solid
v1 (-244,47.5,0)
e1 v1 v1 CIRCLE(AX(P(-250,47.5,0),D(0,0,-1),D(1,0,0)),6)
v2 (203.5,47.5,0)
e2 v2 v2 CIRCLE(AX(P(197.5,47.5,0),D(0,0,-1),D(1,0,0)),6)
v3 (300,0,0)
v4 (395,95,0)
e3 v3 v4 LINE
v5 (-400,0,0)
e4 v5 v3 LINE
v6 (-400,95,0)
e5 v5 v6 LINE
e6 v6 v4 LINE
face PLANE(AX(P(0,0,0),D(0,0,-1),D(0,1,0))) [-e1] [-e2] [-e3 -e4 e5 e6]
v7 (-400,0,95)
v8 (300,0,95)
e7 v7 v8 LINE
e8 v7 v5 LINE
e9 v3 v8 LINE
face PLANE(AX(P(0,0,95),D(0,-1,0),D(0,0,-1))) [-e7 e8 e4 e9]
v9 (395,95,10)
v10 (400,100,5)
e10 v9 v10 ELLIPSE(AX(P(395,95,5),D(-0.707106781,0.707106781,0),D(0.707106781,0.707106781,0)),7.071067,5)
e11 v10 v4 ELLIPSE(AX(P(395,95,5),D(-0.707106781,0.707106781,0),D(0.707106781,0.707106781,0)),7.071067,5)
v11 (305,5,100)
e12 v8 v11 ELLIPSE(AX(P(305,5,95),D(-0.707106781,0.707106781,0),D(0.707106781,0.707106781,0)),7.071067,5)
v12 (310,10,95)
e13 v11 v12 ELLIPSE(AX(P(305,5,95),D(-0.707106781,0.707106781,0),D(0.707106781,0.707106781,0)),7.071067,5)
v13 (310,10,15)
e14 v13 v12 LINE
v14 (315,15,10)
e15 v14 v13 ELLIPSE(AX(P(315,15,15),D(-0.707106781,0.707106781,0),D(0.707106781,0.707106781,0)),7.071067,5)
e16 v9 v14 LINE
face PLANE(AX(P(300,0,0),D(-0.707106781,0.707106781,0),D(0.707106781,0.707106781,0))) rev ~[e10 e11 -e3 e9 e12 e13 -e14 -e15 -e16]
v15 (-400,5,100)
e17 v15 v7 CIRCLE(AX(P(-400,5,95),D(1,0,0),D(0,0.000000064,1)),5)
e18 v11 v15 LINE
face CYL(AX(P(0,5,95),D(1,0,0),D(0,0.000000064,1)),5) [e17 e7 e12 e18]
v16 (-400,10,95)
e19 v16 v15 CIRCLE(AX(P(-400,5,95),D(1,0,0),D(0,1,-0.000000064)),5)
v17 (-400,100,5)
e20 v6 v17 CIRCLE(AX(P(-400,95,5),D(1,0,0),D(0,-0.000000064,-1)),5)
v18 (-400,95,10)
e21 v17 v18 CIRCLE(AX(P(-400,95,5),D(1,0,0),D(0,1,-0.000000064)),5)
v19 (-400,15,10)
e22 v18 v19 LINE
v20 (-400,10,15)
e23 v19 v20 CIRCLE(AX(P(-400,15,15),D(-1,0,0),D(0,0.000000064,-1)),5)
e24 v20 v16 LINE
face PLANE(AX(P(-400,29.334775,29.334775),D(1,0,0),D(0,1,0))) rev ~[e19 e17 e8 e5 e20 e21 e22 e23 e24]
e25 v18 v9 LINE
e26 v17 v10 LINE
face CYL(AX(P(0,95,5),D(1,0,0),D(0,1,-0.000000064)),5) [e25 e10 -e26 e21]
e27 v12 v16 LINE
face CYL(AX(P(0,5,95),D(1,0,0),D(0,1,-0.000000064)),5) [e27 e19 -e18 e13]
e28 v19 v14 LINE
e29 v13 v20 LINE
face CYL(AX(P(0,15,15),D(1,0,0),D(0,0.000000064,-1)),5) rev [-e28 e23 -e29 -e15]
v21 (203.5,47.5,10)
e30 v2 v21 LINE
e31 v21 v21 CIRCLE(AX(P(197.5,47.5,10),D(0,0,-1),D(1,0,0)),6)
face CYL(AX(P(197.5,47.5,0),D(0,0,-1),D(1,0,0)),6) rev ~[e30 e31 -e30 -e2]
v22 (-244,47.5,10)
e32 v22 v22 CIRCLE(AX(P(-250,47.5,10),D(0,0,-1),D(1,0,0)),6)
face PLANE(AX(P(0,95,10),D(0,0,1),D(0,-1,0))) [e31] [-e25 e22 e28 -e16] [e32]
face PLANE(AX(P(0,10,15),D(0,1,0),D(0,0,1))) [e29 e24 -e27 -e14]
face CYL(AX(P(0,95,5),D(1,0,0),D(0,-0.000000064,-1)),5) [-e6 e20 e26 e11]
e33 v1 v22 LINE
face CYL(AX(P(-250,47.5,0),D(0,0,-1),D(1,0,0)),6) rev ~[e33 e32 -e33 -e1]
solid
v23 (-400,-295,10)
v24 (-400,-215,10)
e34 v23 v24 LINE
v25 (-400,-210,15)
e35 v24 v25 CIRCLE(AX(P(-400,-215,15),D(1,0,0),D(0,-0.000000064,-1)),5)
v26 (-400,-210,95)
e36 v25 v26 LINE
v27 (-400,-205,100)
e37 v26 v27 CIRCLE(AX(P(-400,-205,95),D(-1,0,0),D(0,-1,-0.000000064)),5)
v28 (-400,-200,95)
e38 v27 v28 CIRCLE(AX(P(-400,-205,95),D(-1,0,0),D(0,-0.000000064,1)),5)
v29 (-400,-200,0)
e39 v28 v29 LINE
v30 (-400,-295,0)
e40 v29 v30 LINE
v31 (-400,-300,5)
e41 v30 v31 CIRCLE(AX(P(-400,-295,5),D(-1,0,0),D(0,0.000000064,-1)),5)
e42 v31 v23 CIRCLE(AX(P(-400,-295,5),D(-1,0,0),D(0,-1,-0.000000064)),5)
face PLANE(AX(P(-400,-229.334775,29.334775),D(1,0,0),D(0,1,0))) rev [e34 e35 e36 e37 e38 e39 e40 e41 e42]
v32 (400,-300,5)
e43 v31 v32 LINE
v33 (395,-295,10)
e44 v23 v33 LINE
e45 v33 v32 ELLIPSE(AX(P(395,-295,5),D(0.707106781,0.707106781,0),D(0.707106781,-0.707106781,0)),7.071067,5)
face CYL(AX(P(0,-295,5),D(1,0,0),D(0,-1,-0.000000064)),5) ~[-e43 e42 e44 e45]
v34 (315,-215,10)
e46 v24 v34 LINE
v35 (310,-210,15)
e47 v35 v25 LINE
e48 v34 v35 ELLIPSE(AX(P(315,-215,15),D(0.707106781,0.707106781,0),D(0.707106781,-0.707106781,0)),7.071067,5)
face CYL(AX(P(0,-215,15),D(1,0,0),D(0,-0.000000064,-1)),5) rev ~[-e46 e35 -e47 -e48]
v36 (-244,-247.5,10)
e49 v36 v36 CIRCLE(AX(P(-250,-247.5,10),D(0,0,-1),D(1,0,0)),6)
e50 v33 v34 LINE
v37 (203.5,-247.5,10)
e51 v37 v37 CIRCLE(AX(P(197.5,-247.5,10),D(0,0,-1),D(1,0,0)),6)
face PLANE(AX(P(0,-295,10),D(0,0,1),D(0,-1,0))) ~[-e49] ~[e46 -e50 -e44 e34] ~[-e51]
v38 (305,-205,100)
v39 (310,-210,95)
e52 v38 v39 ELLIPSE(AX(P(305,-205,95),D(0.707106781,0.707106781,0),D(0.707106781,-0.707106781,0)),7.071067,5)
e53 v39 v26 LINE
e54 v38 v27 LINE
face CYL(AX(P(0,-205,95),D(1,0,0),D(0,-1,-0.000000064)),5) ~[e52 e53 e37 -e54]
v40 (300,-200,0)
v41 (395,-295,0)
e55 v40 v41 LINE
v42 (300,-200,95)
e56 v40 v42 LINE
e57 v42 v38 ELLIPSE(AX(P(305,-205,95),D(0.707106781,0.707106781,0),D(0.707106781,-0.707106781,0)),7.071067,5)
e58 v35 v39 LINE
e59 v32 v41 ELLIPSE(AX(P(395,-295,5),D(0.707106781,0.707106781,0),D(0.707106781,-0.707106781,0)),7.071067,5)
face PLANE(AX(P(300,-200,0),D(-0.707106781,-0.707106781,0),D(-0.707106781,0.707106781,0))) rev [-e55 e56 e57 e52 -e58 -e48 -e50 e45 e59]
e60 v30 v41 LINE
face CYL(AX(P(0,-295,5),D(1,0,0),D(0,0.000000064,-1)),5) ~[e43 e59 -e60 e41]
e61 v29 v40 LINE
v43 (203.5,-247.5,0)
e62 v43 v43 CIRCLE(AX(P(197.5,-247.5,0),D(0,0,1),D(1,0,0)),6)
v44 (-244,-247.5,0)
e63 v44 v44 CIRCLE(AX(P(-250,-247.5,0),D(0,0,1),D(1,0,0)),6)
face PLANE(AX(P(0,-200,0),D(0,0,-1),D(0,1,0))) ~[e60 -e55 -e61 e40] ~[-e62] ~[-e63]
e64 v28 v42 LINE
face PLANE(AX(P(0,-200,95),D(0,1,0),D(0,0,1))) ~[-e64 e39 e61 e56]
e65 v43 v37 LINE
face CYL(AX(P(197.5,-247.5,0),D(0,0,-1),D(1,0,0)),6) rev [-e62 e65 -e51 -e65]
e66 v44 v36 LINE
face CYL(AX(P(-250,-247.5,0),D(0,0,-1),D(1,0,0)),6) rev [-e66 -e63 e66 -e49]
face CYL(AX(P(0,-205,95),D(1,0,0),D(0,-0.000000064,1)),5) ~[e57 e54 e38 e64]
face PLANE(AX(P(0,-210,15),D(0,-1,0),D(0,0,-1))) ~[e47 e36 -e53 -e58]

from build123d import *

# Parameters (mm, degrees)
F1_DEPTH = 400
F3_DEPTH = 100.001
F6_R     = 6
F7_DEPTH = 100.001
F9_DEPTH = 100.001


with BuildPart() as f1:
    # F0 (on Right) → F1 (new body, symmetric)
    with BuildSketch(Plane.YZ):
        with BuildLine():
            ThreePointArc((5, 100), (1.464466, 98.535534), (0, 95))
            Line((0, 95), (0, 0))
            Line((0, 0), (95, 0))
            ThreePointArc((95, 0), (98.535534, 1.464466), (100, 5))
            ThreePointArc((100, 5), (98.535534, 8.535534), (95, 10))
            Line((95, 10), (15, 10))
            ThreePointArc((15, 10), (11.464466, 11.464466), (10, 15))
            Line((10, 15), (10, 95))
            ThreePointArc((10, 95), (8.535534, 98.535534), (5, 100))
        make_face()
    extrude(amount=F1_DEPTH, both=True)

    # F2 (on face) → F3 (cut, through all)
    with BuildSketch(Plane(origin=(0, 0, 0), x_dir=(1, 0, 0), z_dir=(0, 0, -1))):
        Polygon((395, -95), (400, -95), (400, 0), (300, 0), align=None)
        Polygon((395, -95), (400, -100), (400, -95), align=None)
    extrude(amount=-F3_DEPTH, mode=Mode.SUBTRACT)

    # F6 (on face) → F7 (cut, through all)
    with BuildSketch(Plane(origin=(0, 0, 0), x_dir=(1, 0, 0), z_dir=(0, 0, -1))):
        with Locations((-250, -47.5)):
            Circle(F6_R)
        with Locations((197.5, -47.5)):
            Circle(F6_R)
    extrude(amount=-F7_DEPTH, mode=Mode.SUBTRACT)


with BuildPart() as f5_1:
    # F5: instance of F1
    add(f1.part.mirror(Plane.XZ.offset(100)))

    # F8 (on face) → F9 (cut, through all)
    with BuildSketch(Plane(origin=(0, 0, 0), x_dir=(1, 0, 0), z_dir=(0, 0, -1))):
        with BuildLine():
            ThreePointArc((-244, 247.5), (-250, 253.5), (-256, 247.5))
            Line((-256, 247.5), (-250, 247.5))
            Line((-250, 247.5), (-244, 247.5))
        make_face()
        with BuildLine():
            ThreePointArc((203.5, 247.5), (197.5, 253.5), (191.5, 247.5))
            Line((191.5, 247.5), (197.5, 247.5))
            Line((197.5, 247.5), (203.5, 247.5))
        make_face()
        with BuildLine():
            Line((197.5, 247.5), (191.5, 247.5))
            ThreePointArc((191.5, 247.5), (197.5, 241.5), (203.5, 247.5))
            Line((203.5, 247.5), (197.5, 247.5))
        make_face()
        with BuildLine():
            Line((-250, 247.5), (-256, 247.5))
            ThreePointArc((-256, 247.5), (-250, 241.5), (-244, 247.5))
            Line((-244, 247.5), (-250, 247.5))
        make_face()
    extrude(amount=-F9_DEPTH, mode=Mode.SUBTRACT)


solid = Compound([f1.part, f5_1.part])
